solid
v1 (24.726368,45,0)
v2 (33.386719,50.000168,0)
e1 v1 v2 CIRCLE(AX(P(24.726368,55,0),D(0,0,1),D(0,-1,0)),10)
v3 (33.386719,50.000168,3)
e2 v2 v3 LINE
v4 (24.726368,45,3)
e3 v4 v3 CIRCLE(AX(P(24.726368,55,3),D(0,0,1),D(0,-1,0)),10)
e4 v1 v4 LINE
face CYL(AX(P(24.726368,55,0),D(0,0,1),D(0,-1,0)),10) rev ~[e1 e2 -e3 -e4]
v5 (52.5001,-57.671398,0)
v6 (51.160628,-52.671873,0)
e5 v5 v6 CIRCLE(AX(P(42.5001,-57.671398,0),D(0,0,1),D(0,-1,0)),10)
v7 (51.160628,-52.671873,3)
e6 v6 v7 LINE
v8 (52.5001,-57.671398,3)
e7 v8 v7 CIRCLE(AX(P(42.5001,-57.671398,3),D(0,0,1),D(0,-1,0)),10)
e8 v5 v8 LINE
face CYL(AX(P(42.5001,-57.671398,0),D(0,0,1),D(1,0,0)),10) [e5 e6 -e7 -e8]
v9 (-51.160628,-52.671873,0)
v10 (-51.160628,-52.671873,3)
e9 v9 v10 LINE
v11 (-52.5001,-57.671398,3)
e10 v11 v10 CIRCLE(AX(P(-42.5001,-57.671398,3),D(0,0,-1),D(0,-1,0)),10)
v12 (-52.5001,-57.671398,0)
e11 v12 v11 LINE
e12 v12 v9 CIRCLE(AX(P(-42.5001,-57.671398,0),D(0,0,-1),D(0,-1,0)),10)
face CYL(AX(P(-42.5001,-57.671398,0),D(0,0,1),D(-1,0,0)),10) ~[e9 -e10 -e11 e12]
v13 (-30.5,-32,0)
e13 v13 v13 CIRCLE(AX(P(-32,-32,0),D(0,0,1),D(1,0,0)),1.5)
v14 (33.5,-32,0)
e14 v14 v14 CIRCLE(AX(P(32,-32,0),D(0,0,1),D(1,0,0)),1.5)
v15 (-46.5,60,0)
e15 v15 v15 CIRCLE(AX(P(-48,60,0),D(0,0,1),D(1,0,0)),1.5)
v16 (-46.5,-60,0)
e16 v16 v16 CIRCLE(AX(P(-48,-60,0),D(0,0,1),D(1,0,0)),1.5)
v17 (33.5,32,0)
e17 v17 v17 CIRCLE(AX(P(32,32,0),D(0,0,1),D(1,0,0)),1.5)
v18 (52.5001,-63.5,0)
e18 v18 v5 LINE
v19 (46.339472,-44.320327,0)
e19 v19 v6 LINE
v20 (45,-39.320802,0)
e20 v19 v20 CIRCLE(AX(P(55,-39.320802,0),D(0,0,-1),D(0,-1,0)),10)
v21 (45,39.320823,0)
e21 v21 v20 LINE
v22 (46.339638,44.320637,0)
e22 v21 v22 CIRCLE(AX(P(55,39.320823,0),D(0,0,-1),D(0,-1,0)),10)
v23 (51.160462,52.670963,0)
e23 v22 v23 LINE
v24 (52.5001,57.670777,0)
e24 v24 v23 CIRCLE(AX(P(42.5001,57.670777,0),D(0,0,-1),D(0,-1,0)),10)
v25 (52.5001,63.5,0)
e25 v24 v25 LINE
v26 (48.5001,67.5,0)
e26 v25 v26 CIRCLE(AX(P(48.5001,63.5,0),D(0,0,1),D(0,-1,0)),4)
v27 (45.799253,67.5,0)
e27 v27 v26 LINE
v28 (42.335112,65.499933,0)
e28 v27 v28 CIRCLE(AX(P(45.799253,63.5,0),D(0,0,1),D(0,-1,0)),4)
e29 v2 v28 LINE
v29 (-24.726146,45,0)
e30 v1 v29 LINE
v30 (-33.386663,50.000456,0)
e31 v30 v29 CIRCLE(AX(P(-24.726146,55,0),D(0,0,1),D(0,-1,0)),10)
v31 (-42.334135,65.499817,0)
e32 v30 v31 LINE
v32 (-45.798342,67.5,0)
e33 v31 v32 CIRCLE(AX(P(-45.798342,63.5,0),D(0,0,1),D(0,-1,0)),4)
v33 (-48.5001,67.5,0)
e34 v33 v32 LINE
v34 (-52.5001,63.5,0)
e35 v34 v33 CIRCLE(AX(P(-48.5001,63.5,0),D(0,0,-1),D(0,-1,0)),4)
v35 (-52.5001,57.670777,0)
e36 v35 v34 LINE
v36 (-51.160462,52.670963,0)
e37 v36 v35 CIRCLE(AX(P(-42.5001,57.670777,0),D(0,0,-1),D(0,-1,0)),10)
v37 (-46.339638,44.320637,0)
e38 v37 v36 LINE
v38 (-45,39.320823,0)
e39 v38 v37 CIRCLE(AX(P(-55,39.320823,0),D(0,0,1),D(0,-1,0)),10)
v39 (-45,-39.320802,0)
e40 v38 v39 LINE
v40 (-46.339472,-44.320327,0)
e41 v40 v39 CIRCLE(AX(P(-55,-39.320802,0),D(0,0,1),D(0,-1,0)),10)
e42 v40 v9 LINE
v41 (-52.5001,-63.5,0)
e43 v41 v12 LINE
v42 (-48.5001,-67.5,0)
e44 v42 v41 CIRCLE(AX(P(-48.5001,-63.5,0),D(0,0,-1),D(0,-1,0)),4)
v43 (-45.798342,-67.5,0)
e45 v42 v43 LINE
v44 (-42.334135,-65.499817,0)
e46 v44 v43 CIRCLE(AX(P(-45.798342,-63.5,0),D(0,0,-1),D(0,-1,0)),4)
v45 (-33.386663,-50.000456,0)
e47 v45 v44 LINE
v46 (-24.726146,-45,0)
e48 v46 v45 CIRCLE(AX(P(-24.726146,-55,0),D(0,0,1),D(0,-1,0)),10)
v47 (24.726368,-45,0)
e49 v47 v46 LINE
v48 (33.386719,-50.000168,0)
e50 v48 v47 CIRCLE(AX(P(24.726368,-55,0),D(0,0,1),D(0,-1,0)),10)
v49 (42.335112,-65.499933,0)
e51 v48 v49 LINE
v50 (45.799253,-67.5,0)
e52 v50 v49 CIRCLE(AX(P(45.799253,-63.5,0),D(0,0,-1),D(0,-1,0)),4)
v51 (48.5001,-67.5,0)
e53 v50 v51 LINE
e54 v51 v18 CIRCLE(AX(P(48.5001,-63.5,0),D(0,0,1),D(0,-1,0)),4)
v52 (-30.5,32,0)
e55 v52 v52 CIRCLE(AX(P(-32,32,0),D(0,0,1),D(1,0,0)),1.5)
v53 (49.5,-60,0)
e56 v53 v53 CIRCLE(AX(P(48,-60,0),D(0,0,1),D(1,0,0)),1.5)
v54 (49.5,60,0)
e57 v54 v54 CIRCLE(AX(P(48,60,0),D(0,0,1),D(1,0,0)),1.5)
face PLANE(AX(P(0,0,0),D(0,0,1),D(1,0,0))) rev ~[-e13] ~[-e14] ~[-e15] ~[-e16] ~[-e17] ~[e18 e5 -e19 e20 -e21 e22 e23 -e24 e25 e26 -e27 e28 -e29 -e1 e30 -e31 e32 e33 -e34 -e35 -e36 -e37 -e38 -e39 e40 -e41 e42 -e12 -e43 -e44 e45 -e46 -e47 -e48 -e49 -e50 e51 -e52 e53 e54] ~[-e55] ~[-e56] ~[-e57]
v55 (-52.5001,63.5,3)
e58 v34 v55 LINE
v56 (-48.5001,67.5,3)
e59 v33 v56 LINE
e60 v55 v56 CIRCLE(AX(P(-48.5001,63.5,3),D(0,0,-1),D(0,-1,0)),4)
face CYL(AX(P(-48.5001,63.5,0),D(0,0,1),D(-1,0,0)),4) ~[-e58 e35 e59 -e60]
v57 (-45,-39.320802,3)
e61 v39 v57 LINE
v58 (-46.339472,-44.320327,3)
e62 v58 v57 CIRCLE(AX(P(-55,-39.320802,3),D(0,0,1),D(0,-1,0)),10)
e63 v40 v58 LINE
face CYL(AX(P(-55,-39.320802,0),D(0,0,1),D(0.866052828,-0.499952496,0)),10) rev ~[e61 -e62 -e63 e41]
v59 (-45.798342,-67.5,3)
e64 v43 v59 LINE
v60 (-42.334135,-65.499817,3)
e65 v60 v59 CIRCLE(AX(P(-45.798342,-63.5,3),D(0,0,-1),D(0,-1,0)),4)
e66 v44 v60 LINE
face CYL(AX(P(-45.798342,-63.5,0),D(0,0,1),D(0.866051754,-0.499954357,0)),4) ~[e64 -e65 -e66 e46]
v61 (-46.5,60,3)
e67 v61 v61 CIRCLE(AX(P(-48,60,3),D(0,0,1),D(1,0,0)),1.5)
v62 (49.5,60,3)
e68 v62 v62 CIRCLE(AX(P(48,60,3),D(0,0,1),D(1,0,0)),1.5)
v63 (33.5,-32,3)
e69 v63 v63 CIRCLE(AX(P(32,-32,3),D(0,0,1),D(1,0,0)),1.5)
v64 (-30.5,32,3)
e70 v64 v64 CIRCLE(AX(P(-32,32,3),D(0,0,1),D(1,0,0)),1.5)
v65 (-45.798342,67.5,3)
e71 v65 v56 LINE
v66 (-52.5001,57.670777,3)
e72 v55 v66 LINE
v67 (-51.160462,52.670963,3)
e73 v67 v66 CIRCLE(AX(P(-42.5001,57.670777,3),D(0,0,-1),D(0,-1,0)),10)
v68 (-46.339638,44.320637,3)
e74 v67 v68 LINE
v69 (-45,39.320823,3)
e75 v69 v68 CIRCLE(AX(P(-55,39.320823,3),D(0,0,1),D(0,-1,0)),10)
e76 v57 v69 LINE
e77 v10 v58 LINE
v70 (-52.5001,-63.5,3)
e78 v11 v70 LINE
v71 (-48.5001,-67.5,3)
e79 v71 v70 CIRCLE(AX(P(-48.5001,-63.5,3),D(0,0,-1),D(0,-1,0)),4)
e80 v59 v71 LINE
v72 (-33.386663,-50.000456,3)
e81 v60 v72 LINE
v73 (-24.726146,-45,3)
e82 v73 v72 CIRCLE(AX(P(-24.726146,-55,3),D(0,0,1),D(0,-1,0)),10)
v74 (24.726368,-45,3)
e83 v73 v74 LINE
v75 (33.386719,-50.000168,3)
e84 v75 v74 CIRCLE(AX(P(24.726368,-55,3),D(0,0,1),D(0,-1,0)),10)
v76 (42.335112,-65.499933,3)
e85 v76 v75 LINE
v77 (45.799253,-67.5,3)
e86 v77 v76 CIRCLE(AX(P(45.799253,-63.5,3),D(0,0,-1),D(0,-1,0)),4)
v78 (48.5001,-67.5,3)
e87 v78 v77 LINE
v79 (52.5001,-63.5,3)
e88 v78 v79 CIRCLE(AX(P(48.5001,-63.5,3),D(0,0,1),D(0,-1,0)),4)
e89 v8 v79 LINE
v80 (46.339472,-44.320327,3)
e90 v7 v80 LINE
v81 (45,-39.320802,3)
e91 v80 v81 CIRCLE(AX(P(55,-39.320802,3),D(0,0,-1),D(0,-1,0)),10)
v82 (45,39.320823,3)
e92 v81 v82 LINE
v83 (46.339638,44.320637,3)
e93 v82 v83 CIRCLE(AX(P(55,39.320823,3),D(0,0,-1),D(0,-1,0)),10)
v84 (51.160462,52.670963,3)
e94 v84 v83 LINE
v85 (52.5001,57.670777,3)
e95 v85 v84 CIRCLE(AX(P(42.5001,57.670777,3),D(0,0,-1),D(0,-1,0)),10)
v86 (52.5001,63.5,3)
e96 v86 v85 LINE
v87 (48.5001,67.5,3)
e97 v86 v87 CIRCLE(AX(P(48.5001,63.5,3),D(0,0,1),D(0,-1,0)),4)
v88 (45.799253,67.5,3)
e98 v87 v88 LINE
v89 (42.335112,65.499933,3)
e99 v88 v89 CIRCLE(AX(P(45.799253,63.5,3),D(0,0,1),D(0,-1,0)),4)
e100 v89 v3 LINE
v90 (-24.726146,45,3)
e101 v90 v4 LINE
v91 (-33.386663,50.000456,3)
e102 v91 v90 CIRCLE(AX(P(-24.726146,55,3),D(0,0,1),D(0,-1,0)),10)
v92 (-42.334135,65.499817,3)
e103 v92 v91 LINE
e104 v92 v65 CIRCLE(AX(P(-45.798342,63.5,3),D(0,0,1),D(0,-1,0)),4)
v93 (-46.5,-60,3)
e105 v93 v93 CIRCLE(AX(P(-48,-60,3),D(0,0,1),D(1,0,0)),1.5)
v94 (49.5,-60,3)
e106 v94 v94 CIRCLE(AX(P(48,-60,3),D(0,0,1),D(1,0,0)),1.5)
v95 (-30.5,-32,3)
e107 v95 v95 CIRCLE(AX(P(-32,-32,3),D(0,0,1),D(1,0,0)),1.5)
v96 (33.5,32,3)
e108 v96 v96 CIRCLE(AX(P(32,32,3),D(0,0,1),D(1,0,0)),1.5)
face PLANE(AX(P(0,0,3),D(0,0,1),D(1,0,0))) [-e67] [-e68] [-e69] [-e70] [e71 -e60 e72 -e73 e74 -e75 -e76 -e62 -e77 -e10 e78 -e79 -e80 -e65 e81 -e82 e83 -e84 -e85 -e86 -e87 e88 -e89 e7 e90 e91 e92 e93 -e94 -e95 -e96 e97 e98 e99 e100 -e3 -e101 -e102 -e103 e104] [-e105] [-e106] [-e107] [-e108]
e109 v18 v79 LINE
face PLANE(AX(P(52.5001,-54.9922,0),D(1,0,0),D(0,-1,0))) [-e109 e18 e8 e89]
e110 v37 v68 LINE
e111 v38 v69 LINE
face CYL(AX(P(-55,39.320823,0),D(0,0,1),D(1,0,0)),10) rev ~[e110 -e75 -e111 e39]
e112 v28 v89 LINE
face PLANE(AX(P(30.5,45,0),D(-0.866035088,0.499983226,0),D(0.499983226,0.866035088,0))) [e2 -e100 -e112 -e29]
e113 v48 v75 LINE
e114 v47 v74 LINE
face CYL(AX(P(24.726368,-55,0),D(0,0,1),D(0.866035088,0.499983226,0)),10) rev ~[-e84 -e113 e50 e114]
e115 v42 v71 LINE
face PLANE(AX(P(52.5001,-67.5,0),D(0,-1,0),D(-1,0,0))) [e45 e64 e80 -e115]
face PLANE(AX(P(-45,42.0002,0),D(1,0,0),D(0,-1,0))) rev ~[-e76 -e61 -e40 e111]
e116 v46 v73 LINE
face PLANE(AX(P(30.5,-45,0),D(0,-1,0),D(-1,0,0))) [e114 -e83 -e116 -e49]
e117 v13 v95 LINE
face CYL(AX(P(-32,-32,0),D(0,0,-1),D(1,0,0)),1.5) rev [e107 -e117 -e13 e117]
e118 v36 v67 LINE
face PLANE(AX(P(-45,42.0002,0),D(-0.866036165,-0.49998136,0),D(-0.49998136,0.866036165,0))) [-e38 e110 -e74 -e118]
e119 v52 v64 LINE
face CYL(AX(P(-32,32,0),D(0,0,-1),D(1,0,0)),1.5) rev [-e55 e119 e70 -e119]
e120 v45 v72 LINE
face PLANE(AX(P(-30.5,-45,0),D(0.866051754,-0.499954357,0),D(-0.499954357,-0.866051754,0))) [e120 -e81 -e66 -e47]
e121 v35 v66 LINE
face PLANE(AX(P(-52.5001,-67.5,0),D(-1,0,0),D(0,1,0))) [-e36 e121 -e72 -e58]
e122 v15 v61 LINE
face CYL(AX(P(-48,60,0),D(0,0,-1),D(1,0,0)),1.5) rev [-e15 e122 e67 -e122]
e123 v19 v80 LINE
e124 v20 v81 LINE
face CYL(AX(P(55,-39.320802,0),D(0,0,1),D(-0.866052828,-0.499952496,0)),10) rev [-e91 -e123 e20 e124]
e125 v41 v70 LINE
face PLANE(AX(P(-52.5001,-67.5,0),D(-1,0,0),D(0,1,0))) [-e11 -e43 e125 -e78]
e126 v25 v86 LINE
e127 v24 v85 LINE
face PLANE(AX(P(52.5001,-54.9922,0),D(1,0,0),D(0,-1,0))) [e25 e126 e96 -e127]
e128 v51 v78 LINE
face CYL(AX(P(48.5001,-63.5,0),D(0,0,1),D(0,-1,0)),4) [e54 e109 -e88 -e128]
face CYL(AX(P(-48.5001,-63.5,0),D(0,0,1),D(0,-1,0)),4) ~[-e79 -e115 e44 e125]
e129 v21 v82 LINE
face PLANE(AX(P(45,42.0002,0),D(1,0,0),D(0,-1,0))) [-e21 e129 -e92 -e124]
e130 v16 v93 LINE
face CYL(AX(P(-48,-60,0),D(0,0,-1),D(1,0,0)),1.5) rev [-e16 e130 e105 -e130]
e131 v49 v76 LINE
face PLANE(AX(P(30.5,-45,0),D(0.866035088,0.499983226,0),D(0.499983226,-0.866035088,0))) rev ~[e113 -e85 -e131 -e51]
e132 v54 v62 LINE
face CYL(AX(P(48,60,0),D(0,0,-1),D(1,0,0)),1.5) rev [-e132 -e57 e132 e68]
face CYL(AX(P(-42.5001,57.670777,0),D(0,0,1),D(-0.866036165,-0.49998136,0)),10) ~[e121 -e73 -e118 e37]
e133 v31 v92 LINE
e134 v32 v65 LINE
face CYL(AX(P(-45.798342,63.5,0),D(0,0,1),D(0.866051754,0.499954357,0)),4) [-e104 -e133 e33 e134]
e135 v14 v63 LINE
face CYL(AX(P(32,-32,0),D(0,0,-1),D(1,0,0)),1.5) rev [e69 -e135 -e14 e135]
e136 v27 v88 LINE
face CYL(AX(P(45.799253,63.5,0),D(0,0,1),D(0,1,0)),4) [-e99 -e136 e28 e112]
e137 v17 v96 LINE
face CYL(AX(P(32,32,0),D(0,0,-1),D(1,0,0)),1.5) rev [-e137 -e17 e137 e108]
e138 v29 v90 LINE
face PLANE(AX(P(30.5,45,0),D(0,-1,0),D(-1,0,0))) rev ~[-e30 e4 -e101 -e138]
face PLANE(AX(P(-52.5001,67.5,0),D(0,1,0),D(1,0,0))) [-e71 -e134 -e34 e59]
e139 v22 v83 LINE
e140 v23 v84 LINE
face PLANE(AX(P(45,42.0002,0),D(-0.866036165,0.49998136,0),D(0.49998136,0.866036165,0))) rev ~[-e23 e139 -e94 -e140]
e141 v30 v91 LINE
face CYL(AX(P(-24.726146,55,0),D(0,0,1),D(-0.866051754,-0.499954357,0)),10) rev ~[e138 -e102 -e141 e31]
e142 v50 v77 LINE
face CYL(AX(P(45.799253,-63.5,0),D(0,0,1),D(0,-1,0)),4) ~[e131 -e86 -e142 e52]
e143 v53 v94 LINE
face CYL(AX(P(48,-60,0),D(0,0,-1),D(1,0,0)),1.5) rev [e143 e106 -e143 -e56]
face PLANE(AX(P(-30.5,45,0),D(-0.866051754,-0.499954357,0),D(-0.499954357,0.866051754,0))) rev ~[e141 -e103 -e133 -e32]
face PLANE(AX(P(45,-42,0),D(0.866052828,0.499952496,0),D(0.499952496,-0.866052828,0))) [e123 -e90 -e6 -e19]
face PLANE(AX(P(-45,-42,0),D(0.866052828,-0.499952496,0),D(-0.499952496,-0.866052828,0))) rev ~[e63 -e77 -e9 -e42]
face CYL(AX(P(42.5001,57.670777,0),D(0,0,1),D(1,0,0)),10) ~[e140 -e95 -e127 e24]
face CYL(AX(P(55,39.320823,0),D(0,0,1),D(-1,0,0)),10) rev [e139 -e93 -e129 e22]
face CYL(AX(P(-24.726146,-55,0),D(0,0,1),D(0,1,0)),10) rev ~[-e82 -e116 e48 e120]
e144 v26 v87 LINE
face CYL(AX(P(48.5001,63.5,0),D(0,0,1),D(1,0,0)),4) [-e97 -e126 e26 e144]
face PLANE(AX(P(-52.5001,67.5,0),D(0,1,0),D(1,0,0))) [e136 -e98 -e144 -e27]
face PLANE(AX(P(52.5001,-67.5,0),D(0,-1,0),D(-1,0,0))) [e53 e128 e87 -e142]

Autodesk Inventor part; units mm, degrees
ref_plane "YZ Plane" through (0, 0, 0) normal (1, 0, 0) x (0, 1, 0)
ref_plane "XZ Plane" through (0, 0, 0) normal (0, 1, 0) x (-1, 0, 0)
ref_plane "XY Plane" through (0, 0, 0) normal (0, 0, 1) x (1, 0, 0)
sketch "Sketch3" plane through (0, 0, 0) normal (0, 0, 1) x (1, 0, 0)
  line L0 (52.5001, -67.5) -> (-52.5001, -67.5)
  line L1 (-52.5001, -67.5) -> (-52.5001, 67.5)
  line L2 (-52.5001, 67.5) -> (52.5001, 67.5)
  line L3 (52.5001, 67.5) -> (52.5001, -67.5)
  circle A0 centre (32, 32) radius 1.5
  circle A1 centre (-32, 32) radius 1.5
  circle A2 centre (-32, -32) radius 1.5
  circle A3 centre (32, -32) radius 1.5
  circle A4 centre (48, 60) radius 1.5
  circle A5 centre (-48, 60) radius 1.5
  circle A6 centre (-48, -60) radius 1.5
  circle A7 centre (48, -60) radius 1.5
  line L4 (30.5, 0) -> (-30.5, 0)
  line L5 (30.5, 45) -> (-30.5, 45)
  line L6 (30.5, 45) -> (43.4898, 67.5)
  line L7 (-30.5, 45) -> (-43.4888, 67.5)
  line L8 (30.5, -45) -> (-30.5, -45)
  line L9 (30.5, -45) -> (43.4898, -67.5)
  line L10 (-30.5, -45) -> (-43.4888, -67.5)
  line L11 (0, 42.0002) -> (0, -42)
  line L12 (45, 42.0002) -> (45, -42)
  line L13 (45, 42.0002) -> (52.5001, 54.9914)
  line L14 (45, -42) -> (52.5001, -54.9922)
  line L15 (-45, 42.0002) -> (-45, -42)
  line L16 (-45, 42.0002) -> (-52.5001, 54.9914)
  line L17 (-45, -42) -> (-52.5001, -54.9922)
extrude "Extrusion2" add sketch "Sketch3" along normal blind 3
fillet "Fillet2" radius 4 4 edges at (-52.5001, 67.5, 1.5) (52.5001, 67.5, 1.5) (52.5001, -67.5, 1.5) (-52.5001, -67.5, 1.5)
extrude "Extrusion3" cut sketch "Sketch3" along normal blind 10 contours L0 L10 L8 L9 | L14 L12 L13 L3 | L1 L16 L15 L17 | L6 L5 L7 L2
fillet "Fillet3" radius 10 8 edges at (30.5, 45, 1.5) (-30.5, 45, 1.5) (30.5, -45, 1.5) (-30.5, -45, 1.5) (-52.5001, 54.9914, 1.5) (52.5001, -54.9922, 1.5) (-52.5001, -54.9922, 1.5) (52.5001, 54.9914, 1.5)
fillet "Fillet4" radius 10 4 edges at (45, 42.0002, 1.5) (45, -42, 1.5) (-45, -42, 1.5) (-45, 42.0002, 1.5)
fillet "Fillet5" radius 4 4 edges at (43.4898, 67.5, 1.5) (-43.4888, 67.5, 1.5) (43.4898, -67.5, 1.5) (-43.4888, -67.5, 1.5)
properties part number "GPS - mount v2"
